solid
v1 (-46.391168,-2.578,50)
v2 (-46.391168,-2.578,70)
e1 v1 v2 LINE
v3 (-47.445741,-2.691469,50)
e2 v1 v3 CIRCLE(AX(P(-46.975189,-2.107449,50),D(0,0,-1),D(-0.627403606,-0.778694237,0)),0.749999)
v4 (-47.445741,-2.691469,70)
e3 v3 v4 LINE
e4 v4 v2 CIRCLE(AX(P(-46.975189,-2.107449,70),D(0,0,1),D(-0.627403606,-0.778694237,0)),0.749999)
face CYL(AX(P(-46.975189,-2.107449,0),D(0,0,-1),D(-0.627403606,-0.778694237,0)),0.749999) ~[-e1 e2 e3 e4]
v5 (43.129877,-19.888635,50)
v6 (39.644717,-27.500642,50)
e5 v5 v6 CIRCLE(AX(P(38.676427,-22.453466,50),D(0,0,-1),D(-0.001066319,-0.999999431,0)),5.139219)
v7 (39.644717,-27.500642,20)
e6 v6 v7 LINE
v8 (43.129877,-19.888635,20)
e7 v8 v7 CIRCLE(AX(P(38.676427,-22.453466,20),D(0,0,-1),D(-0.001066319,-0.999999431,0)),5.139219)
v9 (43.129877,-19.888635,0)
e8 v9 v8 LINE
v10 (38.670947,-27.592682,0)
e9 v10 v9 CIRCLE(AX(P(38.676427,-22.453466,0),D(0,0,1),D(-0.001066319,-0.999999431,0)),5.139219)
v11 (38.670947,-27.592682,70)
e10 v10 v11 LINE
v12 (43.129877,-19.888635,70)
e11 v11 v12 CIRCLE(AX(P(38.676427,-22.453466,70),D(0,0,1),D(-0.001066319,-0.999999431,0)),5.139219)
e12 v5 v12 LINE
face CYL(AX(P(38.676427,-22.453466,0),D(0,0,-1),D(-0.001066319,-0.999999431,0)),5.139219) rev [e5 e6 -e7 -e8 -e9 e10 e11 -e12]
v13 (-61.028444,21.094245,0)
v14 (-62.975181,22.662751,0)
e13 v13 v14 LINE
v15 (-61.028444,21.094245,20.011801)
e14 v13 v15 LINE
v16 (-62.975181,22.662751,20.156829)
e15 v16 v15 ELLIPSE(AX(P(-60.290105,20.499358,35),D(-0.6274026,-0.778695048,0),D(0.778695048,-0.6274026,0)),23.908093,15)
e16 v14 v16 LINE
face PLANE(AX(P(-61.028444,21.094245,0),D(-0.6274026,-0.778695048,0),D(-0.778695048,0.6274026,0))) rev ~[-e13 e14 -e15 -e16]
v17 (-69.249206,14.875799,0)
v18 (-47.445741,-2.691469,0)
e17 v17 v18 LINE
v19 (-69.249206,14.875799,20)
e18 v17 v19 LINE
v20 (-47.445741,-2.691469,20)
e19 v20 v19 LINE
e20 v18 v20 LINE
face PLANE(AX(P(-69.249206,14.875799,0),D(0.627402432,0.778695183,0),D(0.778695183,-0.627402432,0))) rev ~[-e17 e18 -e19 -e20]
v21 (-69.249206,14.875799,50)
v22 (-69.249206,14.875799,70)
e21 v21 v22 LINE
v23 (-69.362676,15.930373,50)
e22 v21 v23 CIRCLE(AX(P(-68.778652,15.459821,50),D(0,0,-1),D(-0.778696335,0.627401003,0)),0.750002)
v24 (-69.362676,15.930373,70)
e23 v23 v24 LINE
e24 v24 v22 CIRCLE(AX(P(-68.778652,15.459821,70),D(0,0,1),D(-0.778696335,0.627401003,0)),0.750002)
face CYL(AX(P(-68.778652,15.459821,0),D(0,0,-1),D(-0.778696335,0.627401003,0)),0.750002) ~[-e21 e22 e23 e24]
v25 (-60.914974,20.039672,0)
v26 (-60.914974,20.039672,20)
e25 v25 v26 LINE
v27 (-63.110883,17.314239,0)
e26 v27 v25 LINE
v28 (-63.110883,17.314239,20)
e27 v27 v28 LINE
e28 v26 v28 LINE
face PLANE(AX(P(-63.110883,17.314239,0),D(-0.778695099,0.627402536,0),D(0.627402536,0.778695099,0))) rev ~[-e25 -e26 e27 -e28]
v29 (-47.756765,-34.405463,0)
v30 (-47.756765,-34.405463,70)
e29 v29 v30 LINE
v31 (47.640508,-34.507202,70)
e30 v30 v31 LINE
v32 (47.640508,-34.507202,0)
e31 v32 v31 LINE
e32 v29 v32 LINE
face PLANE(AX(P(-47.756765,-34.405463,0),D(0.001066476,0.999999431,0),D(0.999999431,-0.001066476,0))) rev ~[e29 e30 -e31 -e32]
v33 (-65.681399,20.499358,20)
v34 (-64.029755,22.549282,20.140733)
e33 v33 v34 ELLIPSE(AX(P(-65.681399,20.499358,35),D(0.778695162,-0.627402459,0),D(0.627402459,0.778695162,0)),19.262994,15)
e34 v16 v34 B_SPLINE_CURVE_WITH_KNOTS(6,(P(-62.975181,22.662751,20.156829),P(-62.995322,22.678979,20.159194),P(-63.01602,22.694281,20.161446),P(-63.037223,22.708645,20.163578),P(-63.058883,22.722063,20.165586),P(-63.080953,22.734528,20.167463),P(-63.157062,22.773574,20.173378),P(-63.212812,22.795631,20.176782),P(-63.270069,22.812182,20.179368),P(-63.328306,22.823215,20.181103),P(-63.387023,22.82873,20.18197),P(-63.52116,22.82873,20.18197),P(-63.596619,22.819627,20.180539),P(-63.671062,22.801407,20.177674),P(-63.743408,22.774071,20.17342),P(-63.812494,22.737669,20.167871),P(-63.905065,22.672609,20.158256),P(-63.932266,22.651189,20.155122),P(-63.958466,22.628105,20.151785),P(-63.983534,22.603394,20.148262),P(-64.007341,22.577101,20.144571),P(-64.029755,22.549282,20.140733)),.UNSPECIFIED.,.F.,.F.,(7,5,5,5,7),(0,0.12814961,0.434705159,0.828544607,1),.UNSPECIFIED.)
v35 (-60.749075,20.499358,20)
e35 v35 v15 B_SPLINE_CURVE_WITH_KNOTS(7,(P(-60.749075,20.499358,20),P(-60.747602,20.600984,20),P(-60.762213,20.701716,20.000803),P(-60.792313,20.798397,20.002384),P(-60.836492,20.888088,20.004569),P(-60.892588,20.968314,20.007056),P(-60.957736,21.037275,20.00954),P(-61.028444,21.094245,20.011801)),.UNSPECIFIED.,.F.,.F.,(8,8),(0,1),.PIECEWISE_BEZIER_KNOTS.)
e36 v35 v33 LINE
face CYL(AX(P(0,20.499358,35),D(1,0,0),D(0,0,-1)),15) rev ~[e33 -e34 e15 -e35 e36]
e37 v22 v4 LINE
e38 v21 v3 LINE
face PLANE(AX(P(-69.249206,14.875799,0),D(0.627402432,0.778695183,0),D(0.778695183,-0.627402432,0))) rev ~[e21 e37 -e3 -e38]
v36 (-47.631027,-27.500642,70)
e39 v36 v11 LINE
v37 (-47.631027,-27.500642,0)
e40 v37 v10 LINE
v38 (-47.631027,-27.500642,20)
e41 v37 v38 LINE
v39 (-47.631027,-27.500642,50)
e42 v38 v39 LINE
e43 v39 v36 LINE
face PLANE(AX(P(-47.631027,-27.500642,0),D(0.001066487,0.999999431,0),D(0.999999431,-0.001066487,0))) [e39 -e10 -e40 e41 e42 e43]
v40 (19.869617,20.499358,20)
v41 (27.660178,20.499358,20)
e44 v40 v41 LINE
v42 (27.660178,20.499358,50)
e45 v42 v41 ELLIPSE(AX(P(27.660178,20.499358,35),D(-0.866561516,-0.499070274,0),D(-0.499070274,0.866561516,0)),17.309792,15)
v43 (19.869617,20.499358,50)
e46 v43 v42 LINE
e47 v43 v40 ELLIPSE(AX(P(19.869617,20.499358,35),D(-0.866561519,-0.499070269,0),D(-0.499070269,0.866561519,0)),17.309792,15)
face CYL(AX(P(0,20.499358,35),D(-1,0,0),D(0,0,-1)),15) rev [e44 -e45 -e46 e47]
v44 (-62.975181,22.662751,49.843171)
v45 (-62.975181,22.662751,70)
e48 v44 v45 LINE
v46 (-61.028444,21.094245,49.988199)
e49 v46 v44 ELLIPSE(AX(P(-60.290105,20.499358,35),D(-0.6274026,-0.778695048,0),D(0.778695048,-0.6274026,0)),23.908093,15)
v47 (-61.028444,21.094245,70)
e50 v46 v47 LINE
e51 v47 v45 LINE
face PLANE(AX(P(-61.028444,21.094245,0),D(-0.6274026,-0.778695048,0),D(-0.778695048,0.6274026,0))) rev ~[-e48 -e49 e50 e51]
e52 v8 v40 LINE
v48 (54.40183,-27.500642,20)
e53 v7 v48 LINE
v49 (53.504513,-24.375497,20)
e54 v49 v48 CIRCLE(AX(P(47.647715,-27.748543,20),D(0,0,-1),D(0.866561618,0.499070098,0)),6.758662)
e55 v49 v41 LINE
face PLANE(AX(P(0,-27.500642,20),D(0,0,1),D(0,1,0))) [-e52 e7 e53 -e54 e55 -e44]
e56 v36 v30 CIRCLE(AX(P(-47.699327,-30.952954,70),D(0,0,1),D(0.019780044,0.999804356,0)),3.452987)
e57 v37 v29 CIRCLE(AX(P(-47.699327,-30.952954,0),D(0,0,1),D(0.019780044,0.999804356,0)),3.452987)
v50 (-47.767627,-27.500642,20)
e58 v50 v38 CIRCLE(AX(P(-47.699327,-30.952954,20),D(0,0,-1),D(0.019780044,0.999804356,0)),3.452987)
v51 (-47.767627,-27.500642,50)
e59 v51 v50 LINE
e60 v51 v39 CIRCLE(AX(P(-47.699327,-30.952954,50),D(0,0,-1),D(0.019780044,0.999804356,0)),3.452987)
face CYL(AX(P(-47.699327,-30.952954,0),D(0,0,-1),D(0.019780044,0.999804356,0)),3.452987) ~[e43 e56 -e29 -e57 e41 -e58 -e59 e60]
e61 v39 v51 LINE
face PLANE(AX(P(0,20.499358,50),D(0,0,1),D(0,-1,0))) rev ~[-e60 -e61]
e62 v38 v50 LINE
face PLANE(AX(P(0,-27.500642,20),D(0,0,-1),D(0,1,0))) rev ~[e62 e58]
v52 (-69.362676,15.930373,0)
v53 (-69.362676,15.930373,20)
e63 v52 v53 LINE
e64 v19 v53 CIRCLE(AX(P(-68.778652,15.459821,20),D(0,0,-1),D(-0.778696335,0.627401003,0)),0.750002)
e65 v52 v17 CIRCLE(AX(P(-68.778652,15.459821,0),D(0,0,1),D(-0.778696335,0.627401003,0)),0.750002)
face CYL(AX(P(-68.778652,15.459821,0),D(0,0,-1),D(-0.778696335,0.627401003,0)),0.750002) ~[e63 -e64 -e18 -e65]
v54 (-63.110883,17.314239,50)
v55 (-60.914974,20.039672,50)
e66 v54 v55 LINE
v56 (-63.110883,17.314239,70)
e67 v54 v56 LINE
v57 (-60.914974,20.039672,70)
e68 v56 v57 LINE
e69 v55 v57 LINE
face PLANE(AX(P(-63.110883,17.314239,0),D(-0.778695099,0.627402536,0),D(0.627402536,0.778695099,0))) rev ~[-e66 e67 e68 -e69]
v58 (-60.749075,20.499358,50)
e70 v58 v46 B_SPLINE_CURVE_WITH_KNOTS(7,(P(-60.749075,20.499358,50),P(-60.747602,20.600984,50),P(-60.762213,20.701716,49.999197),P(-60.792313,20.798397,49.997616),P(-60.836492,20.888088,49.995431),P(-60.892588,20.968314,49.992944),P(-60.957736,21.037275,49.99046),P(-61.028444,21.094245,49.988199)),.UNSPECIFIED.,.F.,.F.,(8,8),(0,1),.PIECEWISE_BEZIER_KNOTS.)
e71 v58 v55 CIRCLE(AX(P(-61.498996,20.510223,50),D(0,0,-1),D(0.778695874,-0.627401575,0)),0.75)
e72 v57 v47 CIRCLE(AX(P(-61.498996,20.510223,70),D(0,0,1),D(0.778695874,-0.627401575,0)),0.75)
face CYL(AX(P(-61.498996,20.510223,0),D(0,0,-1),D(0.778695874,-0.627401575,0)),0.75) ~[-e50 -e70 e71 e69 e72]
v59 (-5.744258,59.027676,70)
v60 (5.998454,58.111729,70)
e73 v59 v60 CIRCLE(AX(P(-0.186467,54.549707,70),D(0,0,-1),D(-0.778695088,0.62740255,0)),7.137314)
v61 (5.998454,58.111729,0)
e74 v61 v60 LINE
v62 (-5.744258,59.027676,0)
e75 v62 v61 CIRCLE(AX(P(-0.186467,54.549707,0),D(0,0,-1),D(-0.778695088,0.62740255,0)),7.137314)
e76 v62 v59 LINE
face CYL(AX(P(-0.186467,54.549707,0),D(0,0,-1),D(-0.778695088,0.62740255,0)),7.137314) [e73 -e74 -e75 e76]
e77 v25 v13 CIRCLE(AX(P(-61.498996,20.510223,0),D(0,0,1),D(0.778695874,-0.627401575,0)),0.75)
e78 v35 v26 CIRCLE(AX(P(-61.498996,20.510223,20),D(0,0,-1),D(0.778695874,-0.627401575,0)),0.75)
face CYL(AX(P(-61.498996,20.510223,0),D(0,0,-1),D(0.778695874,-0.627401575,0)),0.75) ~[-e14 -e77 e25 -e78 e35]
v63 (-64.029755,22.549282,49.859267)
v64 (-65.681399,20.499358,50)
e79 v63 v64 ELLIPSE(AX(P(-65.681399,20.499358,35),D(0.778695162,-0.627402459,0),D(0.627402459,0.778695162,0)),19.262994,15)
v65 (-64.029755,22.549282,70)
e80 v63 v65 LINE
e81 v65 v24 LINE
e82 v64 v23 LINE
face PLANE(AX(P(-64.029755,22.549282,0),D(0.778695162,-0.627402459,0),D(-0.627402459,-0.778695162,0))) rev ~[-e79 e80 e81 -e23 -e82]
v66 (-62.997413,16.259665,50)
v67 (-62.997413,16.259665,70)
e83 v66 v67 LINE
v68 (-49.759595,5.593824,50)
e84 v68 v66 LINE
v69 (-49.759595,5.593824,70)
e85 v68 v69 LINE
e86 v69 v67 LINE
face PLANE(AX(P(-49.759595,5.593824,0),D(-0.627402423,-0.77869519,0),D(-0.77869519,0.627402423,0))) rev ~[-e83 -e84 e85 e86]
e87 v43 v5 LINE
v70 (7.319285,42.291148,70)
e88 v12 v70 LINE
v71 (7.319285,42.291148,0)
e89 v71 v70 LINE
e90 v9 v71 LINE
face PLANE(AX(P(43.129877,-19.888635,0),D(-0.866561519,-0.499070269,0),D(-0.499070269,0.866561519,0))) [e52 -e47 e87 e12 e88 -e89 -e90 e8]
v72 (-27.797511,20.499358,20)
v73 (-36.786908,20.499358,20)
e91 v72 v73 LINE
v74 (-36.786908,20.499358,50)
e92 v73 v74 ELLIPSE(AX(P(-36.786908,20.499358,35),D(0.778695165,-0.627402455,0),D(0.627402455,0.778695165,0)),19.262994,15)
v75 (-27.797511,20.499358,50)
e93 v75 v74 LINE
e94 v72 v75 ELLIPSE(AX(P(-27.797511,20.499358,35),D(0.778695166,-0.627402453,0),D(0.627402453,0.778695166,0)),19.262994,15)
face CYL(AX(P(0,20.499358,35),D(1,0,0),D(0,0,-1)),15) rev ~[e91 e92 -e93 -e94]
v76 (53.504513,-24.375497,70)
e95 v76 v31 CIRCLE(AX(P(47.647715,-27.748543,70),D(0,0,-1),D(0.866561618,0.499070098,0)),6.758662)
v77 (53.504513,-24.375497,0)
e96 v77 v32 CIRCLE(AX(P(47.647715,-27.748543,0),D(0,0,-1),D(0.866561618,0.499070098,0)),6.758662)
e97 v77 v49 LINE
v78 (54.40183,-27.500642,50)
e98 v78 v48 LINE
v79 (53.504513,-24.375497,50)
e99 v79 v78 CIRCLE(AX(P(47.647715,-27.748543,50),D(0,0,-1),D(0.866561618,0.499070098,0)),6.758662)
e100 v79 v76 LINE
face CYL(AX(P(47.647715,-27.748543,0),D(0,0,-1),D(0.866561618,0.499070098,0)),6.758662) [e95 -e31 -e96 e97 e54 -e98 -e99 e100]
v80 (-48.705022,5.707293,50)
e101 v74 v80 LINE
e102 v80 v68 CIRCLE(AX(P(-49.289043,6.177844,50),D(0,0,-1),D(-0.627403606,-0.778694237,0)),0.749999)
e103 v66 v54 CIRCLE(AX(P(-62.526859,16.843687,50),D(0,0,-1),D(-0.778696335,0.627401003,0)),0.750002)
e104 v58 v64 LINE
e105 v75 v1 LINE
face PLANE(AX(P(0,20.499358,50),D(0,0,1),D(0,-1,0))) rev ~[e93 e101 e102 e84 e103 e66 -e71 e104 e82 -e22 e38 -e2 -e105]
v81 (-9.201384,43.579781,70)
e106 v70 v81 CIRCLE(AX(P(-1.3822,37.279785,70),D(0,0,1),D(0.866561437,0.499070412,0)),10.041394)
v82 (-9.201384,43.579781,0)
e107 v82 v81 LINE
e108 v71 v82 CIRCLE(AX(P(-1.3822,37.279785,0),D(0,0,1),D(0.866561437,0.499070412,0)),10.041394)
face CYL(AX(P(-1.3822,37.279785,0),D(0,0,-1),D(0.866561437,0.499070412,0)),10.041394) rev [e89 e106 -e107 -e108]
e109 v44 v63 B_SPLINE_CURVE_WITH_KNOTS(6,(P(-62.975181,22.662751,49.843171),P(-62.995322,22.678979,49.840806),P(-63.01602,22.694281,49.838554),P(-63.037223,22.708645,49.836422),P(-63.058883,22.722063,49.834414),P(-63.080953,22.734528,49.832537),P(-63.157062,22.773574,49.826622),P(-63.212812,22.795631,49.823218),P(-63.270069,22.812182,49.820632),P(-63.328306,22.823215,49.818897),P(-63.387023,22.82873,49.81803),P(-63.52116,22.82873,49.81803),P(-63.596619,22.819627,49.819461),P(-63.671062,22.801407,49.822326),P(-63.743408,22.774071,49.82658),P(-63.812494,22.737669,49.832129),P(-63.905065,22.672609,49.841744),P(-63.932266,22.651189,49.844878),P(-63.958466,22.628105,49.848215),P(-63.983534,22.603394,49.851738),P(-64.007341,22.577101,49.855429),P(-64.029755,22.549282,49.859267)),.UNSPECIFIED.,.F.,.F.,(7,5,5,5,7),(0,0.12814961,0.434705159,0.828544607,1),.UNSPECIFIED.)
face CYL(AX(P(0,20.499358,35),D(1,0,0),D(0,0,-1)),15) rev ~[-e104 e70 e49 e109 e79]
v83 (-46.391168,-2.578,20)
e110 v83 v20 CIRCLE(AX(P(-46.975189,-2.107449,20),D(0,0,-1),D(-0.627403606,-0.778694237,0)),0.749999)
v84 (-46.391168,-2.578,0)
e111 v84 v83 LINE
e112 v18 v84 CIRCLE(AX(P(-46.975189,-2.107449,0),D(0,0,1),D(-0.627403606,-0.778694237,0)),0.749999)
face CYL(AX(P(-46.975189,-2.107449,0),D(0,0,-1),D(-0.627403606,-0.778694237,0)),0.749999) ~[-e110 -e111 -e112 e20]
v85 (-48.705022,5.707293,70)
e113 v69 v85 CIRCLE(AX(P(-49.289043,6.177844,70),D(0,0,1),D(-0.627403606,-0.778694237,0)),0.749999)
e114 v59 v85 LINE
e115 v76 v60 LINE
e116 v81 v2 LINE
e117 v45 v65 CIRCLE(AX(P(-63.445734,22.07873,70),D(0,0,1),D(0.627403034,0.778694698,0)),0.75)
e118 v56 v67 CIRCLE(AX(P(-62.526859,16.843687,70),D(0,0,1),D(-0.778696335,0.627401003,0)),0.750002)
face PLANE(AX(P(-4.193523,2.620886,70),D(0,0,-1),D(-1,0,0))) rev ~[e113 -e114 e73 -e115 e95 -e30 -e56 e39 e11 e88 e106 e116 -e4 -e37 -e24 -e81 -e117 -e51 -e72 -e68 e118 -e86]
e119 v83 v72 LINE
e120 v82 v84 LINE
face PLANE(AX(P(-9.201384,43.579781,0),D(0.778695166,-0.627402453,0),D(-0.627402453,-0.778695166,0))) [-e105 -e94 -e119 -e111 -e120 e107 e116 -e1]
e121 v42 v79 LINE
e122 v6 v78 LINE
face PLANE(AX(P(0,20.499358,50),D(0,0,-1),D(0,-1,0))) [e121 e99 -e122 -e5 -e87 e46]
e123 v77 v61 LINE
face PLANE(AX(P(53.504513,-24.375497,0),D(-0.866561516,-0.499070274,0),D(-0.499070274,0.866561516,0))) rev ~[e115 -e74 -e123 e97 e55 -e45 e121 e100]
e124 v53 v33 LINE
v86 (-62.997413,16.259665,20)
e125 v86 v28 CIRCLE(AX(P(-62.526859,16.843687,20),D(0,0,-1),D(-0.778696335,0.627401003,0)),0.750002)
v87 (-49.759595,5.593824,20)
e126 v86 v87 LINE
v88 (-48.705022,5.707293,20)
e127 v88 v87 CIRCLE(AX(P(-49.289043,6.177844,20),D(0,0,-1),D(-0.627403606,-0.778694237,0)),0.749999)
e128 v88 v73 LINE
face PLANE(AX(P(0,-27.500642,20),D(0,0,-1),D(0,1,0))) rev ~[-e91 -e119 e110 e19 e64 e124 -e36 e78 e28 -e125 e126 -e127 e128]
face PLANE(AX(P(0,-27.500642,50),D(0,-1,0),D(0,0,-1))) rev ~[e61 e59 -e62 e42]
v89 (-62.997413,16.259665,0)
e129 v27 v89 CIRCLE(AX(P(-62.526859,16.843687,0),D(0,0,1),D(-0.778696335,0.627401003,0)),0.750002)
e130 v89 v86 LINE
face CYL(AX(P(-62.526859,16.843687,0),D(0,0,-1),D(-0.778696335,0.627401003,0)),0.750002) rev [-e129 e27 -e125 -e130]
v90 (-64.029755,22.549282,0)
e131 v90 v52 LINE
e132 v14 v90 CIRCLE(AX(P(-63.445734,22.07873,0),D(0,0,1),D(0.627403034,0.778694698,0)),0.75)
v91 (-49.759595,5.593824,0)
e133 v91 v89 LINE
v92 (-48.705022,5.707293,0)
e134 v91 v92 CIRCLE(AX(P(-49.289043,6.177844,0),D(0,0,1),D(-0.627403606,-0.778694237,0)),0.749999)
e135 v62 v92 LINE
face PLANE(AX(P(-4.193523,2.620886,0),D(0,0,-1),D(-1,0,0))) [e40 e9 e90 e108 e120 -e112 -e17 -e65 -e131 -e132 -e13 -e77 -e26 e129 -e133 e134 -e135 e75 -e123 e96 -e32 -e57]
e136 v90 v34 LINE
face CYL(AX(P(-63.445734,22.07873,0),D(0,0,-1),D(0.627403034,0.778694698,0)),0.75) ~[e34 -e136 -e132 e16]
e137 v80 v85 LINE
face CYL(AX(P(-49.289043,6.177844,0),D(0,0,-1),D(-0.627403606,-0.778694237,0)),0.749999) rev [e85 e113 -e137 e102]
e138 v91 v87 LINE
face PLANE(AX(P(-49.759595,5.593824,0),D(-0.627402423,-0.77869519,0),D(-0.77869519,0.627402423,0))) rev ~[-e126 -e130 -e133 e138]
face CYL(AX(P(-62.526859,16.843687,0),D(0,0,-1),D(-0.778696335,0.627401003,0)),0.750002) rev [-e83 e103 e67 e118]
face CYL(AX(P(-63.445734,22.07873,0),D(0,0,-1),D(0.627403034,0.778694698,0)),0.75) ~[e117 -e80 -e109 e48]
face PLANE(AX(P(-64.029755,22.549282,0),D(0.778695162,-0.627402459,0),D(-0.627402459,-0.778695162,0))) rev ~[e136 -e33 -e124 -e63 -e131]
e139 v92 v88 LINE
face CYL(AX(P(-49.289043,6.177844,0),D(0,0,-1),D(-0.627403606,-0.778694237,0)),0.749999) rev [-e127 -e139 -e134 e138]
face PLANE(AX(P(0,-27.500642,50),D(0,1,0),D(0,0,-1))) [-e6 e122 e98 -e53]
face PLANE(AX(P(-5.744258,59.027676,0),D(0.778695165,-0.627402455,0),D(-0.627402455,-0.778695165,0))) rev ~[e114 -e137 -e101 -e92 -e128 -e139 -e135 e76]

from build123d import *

# Parameters (mm, degrees)
PAD_DEPTH         = 70
POCKET_DEPTH      = 75
POCKET_DEPTH_BACK = 65


with BuildPart() as part:
    # Sketch → Pad (new body)
    with BuildSketch(Plane.XY):
        with BuildLine():
            Line((-9.201384, 43.579781), (-46.391168, -2.578))
            ThreePointArc((-47.445741, -2.691469), (-46.894954, -2.853144), (-46.391168, -2.578))
            Line((-69.249206, 14.875799), (-47.445741, -2.691469))
            ThreePointArc((-69.362676, 15.930373), (-69.52435, 15.379586), (-69.249206, 14.875799))
            Line((-64.029755, 22.549282), (-69.362676, 15.930373))
            ThreePointArc((-62.975181, 22.662751), (-63.525968, 22.824426), (-64.029755, 22.549282))
            Line((-61.028444, 21.094245), (-62.975181, 22.662751))
            ThreePointArc((-60.914974, 20.039672), (-60.7533, 20.590459), (-61.028444, 21.094245))
            Line((-63.110883, 17.314239), (-60.914974, 20.039672))
            ThreePointArc((-63.110883, 17.314239), (-63.272557, 16.763452), (-62.997413, 16.259665))
            Line((-49.759595, 5.593824), (-62.997413, 16.259665))
            ThreePointArc((-49.759595, 5.593824), (-49.208808, 5.432149), (-48.705022, 5.707293))
            Line((-5.744258, 59.027676), (-48.705022, 5.707293))
            ThreePointArc((-5.744258, 59.027676), (0.368567, 61.665407), (5.998454, 58.111729))
            Line((53.504513, -24.375497), (5.998454, 58.111729))
            ThreePointArc((53.504513, -24.375497), (53.49727, -31.134135), (47.640508, -34.507202))
            Line((-47.756765, -34.405463), (47.640508, -34.507202))
            ThreePointArc((-47.631027, -27.500642), (-51.151742, -30.890084), (-47.756765, -34.405463))
            Line((-47.631027, -27.500642), (38.670947, -27.592682))
            ThreePointArc((38.670947, -27.592682), (43.12437, -25.027835), (43.129877, -19.888635))
            Line((43.129877, -19.888635), (7.319285, 42.291148))
            ThreePointArc((7.319285, 42.291148), (-0.60133, 47.290771), (-9.201384, 43.579781))
        make_face()
    extrude(amount=PAD_DEPTH)

    # Sketch001 → Pocket (cut, two sides)
    with BuildSketch(Plane.YZ) as pocket_sk:
        with BuildLine():
            Line((-27.500642, 50), (-27.500642, 20))
            Line((-27.500642, 20), (20.499358, 20))
            ThreePointArc((20.499358, 20), (35.499358, 35), (20.499358, 50))
            Line((20.499358, 50), (-27.500642, 50))
        make_face()
    extrude(amount=-POCKET_DEPTH, mode=Mode.SUBTRACT)
    extrude(pocket_sk.sketch, amount=POCKET_DEPTH_BACK, mode=Mode.SUBTRACT)


solid = part.part
